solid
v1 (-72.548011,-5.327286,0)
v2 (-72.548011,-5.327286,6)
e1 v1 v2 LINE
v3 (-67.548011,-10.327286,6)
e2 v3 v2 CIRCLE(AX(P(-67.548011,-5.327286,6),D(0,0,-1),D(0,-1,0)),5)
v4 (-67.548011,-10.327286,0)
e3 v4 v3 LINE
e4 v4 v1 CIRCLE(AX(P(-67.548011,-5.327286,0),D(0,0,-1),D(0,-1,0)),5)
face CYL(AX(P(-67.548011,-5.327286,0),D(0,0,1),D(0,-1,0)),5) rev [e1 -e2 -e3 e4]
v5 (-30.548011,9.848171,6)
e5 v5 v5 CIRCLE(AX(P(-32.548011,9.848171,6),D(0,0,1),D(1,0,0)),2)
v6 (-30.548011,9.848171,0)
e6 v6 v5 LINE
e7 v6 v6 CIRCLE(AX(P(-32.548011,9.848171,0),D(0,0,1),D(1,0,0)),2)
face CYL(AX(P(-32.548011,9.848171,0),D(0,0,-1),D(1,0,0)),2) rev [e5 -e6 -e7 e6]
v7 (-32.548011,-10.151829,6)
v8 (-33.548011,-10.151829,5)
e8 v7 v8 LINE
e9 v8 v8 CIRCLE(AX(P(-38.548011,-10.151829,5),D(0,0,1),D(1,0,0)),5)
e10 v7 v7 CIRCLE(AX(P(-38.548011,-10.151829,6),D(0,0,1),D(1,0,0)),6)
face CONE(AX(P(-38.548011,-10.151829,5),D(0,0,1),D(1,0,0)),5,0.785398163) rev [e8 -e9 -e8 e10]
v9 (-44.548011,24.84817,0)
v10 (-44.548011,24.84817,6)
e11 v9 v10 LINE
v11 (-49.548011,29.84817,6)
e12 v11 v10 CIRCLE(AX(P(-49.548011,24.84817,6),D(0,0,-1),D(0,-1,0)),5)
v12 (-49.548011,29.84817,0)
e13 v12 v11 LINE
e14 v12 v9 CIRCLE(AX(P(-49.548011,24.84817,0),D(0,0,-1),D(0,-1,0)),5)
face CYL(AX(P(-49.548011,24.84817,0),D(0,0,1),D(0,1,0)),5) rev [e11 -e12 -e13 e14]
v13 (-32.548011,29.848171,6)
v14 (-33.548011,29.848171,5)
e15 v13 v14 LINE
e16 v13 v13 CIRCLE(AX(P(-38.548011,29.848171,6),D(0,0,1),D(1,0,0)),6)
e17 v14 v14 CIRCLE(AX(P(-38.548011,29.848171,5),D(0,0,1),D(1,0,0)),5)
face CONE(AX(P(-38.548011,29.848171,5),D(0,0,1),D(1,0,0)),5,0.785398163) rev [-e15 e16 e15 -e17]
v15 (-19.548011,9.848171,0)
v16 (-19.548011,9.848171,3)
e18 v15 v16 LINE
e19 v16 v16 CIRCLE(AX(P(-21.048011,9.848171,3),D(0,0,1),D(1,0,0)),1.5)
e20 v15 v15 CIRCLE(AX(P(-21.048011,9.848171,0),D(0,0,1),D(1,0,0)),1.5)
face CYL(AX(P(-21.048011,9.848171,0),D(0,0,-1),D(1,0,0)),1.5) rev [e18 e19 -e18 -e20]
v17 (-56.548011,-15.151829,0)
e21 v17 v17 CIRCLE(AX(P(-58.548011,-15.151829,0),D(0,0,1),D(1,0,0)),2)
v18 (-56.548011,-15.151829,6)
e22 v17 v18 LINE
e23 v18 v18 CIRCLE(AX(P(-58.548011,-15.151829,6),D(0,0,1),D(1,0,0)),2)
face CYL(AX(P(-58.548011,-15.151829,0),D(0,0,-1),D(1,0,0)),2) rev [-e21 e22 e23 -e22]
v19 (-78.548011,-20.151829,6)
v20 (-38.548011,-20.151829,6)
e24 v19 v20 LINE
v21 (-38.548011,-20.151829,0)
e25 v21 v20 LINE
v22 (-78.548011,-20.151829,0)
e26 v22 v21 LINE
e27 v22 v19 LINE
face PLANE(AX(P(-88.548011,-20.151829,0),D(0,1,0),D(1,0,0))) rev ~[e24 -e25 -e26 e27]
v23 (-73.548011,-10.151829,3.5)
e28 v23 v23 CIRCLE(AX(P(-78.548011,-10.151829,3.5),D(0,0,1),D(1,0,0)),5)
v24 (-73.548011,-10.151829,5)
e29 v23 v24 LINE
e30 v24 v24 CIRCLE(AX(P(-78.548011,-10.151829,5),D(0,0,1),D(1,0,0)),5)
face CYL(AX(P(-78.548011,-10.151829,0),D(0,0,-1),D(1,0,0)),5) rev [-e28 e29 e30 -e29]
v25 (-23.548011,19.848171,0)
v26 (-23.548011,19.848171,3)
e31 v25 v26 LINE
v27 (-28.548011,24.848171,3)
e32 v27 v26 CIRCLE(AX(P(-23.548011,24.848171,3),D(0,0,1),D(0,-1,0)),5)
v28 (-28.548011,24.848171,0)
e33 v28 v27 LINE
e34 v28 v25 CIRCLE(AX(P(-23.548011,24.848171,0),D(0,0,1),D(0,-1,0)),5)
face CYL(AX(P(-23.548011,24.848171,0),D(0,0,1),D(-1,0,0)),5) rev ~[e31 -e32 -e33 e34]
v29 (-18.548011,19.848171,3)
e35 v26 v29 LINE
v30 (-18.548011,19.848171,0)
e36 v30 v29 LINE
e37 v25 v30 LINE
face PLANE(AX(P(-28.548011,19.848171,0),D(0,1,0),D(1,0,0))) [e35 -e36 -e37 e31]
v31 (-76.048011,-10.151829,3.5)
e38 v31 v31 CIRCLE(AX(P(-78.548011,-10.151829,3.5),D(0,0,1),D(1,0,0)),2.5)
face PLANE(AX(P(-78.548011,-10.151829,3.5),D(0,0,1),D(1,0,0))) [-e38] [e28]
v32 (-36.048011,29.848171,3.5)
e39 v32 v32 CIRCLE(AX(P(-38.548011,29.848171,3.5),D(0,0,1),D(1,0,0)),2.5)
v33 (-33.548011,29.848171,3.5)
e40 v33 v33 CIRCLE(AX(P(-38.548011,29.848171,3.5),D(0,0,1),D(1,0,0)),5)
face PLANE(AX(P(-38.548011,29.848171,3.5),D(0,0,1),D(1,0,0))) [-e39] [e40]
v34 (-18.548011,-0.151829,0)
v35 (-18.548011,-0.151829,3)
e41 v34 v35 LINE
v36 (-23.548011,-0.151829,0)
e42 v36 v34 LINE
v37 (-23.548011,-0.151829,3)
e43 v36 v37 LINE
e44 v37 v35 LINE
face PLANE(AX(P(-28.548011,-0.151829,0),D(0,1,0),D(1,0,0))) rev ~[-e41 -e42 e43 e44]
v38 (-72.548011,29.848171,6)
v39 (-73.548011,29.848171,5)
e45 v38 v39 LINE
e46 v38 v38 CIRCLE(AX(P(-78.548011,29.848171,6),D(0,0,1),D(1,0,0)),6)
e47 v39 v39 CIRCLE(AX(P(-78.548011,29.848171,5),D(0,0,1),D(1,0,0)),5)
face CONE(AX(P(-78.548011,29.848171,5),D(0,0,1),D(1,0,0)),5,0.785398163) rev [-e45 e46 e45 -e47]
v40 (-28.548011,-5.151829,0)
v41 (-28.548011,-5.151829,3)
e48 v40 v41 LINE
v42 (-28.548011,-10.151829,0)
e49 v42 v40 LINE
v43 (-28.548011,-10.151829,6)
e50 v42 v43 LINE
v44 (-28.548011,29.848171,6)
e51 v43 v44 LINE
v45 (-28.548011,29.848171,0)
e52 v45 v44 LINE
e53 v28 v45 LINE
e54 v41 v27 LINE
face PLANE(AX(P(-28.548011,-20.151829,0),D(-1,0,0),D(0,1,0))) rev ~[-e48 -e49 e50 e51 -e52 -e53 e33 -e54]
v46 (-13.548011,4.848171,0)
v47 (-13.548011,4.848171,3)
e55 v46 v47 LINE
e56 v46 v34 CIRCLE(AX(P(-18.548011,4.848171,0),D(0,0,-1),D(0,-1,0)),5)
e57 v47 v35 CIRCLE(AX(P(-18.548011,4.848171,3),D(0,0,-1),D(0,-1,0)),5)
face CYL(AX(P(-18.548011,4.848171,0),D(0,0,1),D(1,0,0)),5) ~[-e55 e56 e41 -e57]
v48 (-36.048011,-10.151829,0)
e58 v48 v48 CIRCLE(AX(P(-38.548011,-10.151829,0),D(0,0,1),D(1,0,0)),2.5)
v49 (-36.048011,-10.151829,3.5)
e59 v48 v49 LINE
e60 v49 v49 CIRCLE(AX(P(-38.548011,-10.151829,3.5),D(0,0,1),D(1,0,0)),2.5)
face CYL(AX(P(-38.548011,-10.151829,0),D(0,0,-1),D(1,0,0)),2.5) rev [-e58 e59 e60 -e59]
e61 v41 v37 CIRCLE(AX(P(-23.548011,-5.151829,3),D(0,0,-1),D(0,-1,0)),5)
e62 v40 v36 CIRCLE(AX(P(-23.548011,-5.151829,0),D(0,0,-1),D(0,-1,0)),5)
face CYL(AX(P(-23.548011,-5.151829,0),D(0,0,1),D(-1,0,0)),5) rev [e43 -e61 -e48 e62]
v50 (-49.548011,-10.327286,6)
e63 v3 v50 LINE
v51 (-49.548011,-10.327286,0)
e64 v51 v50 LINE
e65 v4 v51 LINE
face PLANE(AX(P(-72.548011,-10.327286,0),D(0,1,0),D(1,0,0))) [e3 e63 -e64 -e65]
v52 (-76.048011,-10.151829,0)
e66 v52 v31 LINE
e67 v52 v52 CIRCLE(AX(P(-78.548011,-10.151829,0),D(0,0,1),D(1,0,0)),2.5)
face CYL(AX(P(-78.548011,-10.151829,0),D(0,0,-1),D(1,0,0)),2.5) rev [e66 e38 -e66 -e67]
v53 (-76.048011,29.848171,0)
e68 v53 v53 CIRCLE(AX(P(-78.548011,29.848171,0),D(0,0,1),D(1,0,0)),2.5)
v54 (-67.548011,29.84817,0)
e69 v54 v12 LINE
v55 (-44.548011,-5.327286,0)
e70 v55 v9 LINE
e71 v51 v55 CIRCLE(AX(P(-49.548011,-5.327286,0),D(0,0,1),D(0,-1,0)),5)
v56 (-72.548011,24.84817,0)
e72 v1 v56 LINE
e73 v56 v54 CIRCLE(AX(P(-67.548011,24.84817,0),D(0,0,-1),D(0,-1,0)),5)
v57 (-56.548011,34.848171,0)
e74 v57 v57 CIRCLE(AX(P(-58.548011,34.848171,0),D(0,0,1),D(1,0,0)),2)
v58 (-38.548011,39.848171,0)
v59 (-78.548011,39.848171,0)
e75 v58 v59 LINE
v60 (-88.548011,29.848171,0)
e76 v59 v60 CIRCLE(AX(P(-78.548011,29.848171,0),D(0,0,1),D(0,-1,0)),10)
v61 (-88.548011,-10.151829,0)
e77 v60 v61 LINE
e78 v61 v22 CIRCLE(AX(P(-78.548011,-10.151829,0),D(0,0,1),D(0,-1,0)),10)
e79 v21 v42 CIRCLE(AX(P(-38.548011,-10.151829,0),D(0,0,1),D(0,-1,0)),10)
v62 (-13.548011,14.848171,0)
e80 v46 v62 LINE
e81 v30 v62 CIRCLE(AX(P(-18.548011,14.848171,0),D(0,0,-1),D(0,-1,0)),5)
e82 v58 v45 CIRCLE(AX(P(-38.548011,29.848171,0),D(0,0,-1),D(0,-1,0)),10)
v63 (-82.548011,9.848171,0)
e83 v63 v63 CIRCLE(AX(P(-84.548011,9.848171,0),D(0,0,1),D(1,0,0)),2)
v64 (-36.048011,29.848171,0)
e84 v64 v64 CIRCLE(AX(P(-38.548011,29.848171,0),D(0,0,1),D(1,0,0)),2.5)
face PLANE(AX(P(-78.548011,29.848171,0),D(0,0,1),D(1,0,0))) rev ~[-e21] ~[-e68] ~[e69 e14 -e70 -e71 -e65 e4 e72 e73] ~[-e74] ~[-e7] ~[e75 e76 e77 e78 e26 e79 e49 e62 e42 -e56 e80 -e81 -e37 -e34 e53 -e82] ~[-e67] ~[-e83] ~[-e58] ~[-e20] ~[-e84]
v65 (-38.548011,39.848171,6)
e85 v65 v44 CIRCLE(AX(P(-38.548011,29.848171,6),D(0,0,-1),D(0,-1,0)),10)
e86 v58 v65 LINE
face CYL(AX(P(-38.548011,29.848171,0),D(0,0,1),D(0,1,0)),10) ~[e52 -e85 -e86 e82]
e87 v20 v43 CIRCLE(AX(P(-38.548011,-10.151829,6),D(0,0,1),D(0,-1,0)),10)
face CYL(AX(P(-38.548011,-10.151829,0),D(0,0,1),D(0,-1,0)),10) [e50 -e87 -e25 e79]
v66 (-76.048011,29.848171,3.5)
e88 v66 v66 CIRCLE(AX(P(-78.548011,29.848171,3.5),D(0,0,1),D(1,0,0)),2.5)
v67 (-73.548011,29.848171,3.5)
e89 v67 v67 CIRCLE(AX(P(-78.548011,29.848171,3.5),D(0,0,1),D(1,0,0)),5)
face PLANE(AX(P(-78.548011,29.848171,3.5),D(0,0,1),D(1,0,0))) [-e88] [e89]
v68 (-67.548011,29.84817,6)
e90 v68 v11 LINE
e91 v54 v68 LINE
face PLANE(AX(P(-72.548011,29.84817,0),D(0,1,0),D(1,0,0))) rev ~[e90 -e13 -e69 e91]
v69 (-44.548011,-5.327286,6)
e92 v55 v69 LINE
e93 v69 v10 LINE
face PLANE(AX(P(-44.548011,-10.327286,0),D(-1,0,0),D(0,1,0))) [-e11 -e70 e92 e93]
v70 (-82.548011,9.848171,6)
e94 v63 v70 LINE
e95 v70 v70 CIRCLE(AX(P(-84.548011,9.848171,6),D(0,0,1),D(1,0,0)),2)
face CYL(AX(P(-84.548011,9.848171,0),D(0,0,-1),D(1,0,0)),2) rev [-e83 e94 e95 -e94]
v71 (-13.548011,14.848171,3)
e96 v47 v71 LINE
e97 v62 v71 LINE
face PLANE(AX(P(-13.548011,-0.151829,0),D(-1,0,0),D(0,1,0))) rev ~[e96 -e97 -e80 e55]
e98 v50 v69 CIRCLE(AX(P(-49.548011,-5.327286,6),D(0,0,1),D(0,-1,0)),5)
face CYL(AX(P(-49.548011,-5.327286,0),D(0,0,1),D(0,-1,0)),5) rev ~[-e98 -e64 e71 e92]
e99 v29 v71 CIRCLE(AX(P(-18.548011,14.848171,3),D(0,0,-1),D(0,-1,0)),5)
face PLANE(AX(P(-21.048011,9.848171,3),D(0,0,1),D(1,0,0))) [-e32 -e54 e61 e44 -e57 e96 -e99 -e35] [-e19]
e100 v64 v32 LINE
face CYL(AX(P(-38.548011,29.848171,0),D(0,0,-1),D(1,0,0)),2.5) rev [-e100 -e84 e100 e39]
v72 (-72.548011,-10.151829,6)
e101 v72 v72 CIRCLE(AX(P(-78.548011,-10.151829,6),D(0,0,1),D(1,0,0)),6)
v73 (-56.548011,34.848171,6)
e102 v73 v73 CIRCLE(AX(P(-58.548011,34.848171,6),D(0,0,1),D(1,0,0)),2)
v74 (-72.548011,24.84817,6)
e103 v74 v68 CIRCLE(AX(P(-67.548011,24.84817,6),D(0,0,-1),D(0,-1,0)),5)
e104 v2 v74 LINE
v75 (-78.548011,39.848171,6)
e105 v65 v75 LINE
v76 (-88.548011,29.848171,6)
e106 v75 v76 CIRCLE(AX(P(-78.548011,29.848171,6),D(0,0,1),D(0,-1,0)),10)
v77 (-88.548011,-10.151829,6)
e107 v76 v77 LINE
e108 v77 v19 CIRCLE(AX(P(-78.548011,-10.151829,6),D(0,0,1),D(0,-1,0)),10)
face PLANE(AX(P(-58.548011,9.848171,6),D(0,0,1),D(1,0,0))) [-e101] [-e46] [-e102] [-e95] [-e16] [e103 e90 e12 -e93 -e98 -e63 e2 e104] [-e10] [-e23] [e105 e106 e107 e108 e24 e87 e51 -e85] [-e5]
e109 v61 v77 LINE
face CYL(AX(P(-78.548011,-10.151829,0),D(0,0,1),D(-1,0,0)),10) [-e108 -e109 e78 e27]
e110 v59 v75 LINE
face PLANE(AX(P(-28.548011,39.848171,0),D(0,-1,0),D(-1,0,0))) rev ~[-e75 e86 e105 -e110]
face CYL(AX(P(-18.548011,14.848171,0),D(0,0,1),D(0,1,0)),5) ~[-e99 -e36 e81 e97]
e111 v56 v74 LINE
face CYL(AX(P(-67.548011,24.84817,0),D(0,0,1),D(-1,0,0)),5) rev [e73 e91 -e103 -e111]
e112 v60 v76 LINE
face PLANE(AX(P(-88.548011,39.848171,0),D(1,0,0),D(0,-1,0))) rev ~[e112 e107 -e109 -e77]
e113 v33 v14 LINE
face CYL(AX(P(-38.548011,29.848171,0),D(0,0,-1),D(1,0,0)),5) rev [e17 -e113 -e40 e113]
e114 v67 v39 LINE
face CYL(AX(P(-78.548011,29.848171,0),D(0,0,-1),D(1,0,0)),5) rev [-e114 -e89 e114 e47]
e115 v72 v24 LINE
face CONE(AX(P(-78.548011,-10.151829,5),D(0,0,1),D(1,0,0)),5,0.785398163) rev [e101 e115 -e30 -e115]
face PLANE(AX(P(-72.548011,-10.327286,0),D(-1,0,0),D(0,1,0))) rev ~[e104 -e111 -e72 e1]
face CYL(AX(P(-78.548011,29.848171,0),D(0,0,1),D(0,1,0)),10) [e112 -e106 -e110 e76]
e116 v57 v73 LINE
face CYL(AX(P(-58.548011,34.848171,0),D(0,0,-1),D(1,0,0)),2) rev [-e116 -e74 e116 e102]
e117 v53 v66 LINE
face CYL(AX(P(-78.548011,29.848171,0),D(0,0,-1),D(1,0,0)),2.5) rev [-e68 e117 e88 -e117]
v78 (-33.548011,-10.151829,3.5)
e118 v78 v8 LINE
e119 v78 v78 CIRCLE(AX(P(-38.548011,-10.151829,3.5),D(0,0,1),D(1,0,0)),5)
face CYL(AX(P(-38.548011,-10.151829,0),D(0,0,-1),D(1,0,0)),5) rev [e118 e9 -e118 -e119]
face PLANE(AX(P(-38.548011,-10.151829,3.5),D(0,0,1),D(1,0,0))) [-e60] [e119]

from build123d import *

# Parameters (mm, degrees)
F0_R     = 5
F0_R_2   = 2
F0_W     = 28
F0_H     = 40.175457
F1_DEPTH = 6
F0_R_3   = 2.5
F2_DEPTH = 3.5
F0_W_2   = 15
F0_H_2   = 20
F0_R_4   = 1.5
F3_DEPTH = 3
F4_R     = 10
F5_R     = 5
F6_SIZE  = 1


with BuildPart() as f1:
    # F0 (on Top) → F1 (new body)
    with BuildSketch(Plane.XY):
        Polygon((-28.548011, 39.848171), (-88.548011, 39.848171), (-88.548011, -20.151829), (-28.548011, -20.151829), (-28.548011, -0.151829), (-28.548011, 19.848171), align=None)
        with Locations((-78.548011, -10.151829)):
            Circle(F0_R, mode=Mode.SUBTRACT)
        with Locations((-58.548011, -15.151829)):
            Circle(F0_R_2, mode=Mode.SUBTRACT)
        with Locations((-84.548011, 9.848171)):
            Circle(F0_R_2, mode=Mode.SUBTRACT)
        with Locations((-58.548011, 9.760442)):
            Rectangle(F0_W, F0_H, mode=Mode.SUBTRACT)
        with Locations((-38.548011, -10.151829)):
            Circle(F0_R, mode=Mode.SUBTRACT)
        with Locations((-78.548011, 29.848171)):
            Circle(F0_R, mode=Mode.SUBTRACT)
        with Locations((-58.548011, 34.848171)):
            Circle(F0_R_2, mode=Mode.SUBTRACT)
        with Locations((-32.548011, 9.848171)):
            Circle(F0_R_2, mode=Mode.SUBTRACT)
        with Locations((-38.548011, 29.848171)):
            Circle(F0_R, mode=Mode.SUBTRACT)
    extrude(amount=F1_DEPTH)

    # F0 (on Top) → F2 (join)
    with BuildSketch(Plane.XY):
        with Locations((-78.548011, 29.848171)):
            Circle(F0_R)
        with Locations((-78.548011, 29.848171)):
            Circle(F0_R_3, mode=Mode.SUBTRACT)
        with Locations((-78.548011, -10.151829)):
            Circle(F0_R)
        with Locations((-78.548011, -10.151829)):
            Circle(F0_R_3, mode=Mode.SUBTRACT)
        with Locations((-38.548011, 29.848171)):
            Circle(F0_R)
        with Locations((-38.548011, 29.848171)):
            Circle(F0_R_3, mode=Mode.SUBTRACT)
        with Locations((-38.548011, -10.151829)):
            Circle(F0_R)
        with Locations((-38.548011, -10.151829)):
            Circle(F0_R_3, mode=Mode.SUBTRACT)
    extrude(amount=F2_DEPTH)

    # F0 (on Top) → F3 (join)
    with BuildSketch(Plane.XY):
        with Locations((-21.048011, 9.848171)):
            Rectangle(F0_W_2, F0_H_2)
        with Locations((-21.048011, 9.848171)):
            Circle(F0_R_4, mode=Mode.SUBTRACT)
    extrude(amount=F3_DEPTH)

    # F4
    f4_edges = [f1.edges().sort_by_distance(p)[0] for p in [
        (-88.548011, 39.848171, 3),
        (-88.548011, -20.151829, 3),
        (-28.548011, -20.151829, 3),
        (-28.548011, 39.848171, 3),
    ]]
    fillet(f4_edges, radius=F4_R)

    # F5
    f5_edges = [f1.edges().sort_by_distance(p)[0] for p in [
        (-44.548011, 29.848171, 3),
        (-72.548011, 29.848171, 3),
        (-72.548011, -10.327286, 3),
        (-44.548011, -10.327286, 3),
        (-28.548011, -0.151829, 1.5),
        (-28.548011, 19.848171, 1.5),
        (-13.548011, -0.151829, 1.5),
        (-13.548011, 19.848171, 1.5),
    ]]
    fillet(f5_edges, radius=F5_R)

    # F6
    f6_edges = [f1.edges().sort_by_distance(p)[0] for p in [
        (-83.548011, 29.848171, 6),
        (-83.548011, -10.151829, 6),
        (-43.548011, 29.848171, 6),
        (-43.548011, -10.151829, 6),
    ]]
    chamfer(f6_edges, length=F6_SIZE)


solid = f1.part
